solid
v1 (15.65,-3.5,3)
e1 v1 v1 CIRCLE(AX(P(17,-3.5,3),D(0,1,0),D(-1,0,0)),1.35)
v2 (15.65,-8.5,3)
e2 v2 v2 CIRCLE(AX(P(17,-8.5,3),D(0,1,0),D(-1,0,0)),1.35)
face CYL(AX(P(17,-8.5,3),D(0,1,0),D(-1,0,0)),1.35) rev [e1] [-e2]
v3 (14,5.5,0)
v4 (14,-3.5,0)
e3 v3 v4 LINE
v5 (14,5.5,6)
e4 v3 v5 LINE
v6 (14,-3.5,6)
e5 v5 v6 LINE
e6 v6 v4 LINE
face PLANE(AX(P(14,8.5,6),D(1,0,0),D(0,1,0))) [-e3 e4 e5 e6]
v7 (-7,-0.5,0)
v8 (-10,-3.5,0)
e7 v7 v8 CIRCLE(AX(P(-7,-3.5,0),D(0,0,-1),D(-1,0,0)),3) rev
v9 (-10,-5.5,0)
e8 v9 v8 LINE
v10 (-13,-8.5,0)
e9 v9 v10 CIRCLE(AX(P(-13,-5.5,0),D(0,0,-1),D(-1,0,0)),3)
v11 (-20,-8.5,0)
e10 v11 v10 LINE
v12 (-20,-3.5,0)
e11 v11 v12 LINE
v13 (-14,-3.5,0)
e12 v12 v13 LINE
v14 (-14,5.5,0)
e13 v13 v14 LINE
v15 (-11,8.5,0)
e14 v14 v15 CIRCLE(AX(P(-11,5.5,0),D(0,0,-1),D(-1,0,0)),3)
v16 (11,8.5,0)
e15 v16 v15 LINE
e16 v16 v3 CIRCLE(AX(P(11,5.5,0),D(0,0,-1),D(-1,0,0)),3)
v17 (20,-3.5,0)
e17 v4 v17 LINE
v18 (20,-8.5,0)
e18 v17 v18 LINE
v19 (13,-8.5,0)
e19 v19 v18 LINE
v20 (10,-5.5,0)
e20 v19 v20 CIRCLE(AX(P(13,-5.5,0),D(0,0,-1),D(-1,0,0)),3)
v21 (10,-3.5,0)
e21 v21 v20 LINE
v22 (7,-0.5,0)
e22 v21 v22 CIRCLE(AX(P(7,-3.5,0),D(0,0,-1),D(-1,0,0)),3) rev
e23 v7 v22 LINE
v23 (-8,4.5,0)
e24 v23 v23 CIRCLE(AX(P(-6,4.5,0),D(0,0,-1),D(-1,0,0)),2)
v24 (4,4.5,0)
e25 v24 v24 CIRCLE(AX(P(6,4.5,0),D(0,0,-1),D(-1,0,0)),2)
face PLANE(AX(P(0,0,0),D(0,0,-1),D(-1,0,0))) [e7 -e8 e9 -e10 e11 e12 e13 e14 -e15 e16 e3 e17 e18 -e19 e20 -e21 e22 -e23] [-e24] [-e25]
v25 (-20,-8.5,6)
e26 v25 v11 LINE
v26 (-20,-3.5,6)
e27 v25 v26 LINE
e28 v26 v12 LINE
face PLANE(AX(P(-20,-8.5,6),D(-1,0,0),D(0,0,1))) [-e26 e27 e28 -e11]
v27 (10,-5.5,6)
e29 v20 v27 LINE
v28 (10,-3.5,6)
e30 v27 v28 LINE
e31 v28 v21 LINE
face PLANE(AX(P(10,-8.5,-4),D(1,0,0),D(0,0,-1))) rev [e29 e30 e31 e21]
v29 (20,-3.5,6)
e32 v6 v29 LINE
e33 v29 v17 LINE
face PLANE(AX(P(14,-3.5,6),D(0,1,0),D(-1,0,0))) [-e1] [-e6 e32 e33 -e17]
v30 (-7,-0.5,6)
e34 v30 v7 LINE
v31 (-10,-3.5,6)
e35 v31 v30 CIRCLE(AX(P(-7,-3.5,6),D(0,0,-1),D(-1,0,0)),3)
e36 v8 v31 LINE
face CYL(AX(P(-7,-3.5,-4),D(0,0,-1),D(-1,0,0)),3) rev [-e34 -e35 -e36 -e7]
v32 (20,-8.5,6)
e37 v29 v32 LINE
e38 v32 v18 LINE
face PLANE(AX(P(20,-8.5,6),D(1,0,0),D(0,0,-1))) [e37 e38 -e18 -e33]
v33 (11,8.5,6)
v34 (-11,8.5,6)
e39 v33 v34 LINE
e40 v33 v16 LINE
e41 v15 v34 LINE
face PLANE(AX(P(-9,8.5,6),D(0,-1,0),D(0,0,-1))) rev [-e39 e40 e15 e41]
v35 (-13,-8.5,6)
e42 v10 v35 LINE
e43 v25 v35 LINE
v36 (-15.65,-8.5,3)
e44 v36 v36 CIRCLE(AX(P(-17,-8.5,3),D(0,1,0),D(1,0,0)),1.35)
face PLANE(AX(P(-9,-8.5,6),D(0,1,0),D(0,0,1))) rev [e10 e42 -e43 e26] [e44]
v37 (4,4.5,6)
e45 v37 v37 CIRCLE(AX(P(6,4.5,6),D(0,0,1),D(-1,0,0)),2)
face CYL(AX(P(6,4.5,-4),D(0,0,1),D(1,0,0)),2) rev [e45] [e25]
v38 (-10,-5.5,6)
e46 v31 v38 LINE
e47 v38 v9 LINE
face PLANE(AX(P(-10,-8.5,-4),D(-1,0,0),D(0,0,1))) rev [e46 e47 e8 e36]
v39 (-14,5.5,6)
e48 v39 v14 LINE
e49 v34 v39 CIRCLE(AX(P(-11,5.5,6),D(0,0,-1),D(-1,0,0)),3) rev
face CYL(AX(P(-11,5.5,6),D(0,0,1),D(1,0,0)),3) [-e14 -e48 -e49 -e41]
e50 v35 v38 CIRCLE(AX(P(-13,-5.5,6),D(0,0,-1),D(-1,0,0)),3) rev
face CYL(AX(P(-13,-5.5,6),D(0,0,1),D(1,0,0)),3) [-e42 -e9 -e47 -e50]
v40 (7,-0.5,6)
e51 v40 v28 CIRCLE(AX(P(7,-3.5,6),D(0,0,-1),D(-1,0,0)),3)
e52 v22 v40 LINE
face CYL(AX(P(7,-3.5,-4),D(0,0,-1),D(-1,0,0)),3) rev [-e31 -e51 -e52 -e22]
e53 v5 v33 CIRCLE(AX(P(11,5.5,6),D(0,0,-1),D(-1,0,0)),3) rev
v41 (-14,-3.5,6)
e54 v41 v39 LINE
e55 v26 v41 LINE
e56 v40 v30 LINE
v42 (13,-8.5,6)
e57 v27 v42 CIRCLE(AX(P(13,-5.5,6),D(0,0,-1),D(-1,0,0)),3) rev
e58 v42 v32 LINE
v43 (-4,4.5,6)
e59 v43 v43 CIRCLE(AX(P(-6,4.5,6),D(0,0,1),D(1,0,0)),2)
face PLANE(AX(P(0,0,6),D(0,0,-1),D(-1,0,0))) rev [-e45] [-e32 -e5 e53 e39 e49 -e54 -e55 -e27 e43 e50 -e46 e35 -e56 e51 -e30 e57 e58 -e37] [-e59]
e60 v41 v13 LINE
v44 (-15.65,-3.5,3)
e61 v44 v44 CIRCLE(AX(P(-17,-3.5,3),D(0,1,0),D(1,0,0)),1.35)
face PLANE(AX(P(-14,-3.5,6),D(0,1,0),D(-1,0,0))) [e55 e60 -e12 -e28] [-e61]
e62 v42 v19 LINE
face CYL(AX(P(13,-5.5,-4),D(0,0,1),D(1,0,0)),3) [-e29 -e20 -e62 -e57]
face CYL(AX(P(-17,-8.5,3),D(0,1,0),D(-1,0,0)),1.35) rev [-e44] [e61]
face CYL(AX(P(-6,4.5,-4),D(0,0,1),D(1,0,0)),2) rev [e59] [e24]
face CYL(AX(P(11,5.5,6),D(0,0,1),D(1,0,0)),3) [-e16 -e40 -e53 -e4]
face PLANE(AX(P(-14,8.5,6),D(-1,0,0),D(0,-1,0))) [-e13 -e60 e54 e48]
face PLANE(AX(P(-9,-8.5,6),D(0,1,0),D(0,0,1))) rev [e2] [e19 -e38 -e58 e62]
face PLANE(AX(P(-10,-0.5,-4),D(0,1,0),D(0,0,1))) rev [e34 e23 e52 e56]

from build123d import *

# Parameters (mm, degrees)
SKETCH_1_W          = 18
SKETCH_1_H          = 17
EXTRUDE_1_DEPTH     = 6
EXTRUDE_2_DEPTH     = 6
SKETCH_8_R          = 1.35
CUT_EXTRUDE_4_DEPTH = 5
SKETCH_9_R          = 2
CUT_EXTRUDE_5_DEPTH = 10
SKETCH_10_W         = 20
SKETCH_10_H         = 8
CUT_EXTRUDE_6_DEPTH = 10
FILLET_1_R          = 3


with BuildPart() as part:
    # 草图1 → 凸台-拉伸1 (new body)
    with BuildSketch(Plane.XY):
        Rectangle(SKETCH_1_W, SKETCH_1_H)
    extrude(amount=EXTRUDE_1_DEPTH)

    # 草图6 → 凸台-拉伸2 (add)
    with BuildSketch(Plane(origin=(0, 0, 0), x_dir=(-1, 0, 0), z_dir=(0, 0, -1))):
        Polygon((-9, 8.5), (-14, 8.5), (-14, -3.5), (-20, -3.5), (-20, -8.5), (-9, -8.5), align=None)
        Polygon((20, -8.5), (20, -3.5), (14, -3.5), (14, 8.5), (9, 8.5), (9, -8.5), align=None)
    extrude(amount=-EXTRUDE_2_DEPTH)

    # 草图8 → 切除-拉伸4 (cut)
    with BuildSketch(Plane(origin=(0, -3.5, 0), x_dir=(1, 0, 0), z_dir=(0, 1, 0))):
        with Locations(Location((17, -3, 0), (0, 0, 180))):
            Circle(SKETCH_8_R)
        with Locations((-17, -3)):
            Circle(SKETCH_8_R)
    extrude(amount=-CUT_EXTRUDE_4_DEPTH, mode=Mode.SUBTRACT)

    # 草图9 → 切除-拉伸5 (cut)
    with BuildSketch(Plane.XY.offset(6)):
        with Locations((-6, 4.5)):
            Circle(SKETCH_9_R)
        with Locations(Location((6, 4.5, 0), (0, 0, 180))):
            Circle(SKETCH_9_R)
    extrude(amount=-CUT_EXTRUDE_5_DEPTH, mode=Mode.SUBTRACT)

    # 草图10 → 切除-拉伸6 (cut)
    with BuildSketch(Plane.XY.offset(6)):
        with Locations((0, -4.5)):
            Rectangle(SKETCH_10_W, SKETCH_10_H)
    extrude(amount=-CUT_EXTRUDE_6_DEPTH, mode=Mode.SUBTRACT)

    # 圆角1
    fillet_1_edges = [part.edges().sort_by_distance(p)[0] for p in [
        (14, 8.5, 3),
        (-14, 8.5, 3),
        (-10, -8.5, 3),
        (-10, -0.5, 3),
        (10, -0.5, 3),
        (10, -8.5, 3),
    ]]
    fillet(fillet_1_edges, radius=FILLET_1_R)


solid = part.part
